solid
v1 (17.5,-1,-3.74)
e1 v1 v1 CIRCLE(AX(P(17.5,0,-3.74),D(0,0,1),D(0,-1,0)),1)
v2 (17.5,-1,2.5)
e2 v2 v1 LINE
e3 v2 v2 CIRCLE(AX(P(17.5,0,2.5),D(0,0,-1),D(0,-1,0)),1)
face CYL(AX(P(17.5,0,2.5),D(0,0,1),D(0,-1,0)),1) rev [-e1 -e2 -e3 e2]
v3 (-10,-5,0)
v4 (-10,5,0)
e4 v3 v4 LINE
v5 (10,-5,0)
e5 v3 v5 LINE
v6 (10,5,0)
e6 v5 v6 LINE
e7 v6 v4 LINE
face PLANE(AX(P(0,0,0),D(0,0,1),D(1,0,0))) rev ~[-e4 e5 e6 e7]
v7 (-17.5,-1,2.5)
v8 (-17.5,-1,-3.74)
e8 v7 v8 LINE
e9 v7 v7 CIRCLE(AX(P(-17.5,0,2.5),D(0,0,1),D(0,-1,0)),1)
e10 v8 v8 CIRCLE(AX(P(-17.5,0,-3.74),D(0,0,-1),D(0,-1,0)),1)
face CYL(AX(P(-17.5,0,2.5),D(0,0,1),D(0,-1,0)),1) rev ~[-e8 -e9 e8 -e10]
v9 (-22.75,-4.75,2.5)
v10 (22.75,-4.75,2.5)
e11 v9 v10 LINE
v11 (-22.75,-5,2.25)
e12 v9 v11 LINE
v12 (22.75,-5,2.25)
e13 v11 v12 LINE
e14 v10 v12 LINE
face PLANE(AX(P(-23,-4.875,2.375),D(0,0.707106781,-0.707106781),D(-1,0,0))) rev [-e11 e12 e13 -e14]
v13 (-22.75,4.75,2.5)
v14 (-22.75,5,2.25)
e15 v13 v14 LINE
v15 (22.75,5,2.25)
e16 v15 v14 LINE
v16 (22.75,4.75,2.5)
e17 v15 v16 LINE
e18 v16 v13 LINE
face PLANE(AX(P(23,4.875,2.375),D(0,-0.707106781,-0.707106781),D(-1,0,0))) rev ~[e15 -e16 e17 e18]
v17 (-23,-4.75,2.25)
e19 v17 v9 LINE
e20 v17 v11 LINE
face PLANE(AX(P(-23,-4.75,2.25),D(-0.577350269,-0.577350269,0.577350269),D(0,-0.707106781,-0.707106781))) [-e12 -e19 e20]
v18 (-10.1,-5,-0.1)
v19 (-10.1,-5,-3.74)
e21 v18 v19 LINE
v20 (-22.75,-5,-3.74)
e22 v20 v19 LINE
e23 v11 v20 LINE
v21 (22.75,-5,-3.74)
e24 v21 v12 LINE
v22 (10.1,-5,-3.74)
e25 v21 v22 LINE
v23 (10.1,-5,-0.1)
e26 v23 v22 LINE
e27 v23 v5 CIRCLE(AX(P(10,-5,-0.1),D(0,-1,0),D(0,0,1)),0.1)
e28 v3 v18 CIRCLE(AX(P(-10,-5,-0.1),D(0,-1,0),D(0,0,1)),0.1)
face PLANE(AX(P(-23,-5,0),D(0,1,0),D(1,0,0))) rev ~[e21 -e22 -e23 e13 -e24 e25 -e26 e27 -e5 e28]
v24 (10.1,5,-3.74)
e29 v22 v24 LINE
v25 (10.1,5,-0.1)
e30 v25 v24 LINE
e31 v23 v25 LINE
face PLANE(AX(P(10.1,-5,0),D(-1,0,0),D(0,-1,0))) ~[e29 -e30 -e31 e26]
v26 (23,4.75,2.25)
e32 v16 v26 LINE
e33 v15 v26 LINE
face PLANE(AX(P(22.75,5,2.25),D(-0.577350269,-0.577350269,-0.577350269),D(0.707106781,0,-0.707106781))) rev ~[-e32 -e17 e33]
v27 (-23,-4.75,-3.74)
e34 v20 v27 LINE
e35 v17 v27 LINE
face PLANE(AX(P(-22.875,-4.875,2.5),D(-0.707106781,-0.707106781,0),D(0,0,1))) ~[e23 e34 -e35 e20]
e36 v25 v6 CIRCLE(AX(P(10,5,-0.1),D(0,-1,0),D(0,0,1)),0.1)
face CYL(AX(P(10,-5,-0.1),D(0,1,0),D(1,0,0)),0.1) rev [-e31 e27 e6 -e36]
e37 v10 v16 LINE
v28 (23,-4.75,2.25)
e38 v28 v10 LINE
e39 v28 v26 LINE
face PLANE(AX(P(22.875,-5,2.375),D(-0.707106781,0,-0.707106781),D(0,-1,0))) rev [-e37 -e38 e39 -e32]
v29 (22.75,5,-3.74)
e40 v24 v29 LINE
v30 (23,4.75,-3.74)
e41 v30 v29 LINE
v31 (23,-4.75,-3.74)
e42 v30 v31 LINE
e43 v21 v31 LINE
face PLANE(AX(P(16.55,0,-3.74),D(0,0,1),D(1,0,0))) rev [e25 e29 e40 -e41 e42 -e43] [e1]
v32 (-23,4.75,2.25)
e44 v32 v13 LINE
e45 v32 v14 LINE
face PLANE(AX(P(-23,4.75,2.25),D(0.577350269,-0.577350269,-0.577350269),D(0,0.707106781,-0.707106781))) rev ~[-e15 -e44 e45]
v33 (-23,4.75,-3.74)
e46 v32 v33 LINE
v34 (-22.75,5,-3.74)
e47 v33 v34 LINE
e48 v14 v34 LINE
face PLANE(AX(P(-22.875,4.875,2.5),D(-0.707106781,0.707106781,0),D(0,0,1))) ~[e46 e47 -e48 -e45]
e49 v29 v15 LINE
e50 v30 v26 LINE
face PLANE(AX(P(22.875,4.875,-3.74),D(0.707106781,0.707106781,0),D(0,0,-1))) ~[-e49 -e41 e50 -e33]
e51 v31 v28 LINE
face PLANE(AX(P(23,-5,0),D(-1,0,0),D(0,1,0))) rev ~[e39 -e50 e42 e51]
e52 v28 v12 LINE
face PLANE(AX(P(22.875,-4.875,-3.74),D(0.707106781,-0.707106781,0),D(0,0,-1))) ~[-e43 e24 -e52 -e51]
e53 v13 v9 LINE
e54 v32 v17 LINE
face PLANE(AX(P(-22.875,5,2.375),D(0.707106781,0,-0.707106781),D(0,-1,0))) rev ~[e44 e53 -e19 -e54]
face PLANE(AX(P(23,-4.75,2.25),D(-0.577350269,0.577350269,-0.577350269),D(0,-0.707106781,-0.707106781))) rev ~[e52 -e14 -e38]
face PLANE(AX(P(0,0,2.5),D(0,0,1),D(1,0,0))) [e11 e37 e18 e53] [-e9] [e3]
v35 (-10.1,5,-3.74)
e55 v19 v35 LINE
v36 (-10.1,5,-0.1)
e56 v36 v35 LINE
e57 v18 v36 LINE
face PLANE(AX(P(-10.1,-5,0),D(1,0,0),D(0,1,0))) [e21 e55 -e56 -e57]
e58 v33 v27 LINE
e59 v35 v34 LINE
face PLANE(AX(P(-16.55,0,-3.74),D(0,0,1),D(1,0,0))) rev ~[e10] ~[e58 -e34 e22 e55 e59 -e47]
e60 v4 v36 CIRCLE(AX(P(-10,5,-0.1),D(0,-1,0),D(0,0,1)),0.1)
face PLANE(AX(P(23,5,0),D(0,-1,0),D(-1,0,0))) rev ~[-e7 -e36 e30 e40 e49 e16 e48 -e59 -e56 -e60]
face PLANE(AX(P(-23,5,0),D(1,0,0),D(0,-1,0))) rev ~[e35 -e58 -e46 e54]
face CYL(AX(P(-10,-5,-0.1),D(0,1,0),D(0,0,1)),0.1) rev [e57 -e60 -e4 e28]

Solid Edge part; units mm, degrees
sketch "Sketch1" plane through (0, 0, 0) normal (0, 0, 1) x (1, 0, 0)
  line L0 (-23, -5) -> (23, -5)
  line L1 (23, -5) -> (23, 5)
  line L2 (23, 5) -> (-23, 5)
  line L3 (-23, 5) -> (-23, -5)
  dimension "D1" = 10
  dimension "D2" = 46
extrude "Protrusion1" add sketch "Sketch1" along normal blind 2.5
sketch "Sketch2" plane through (0, 0, 0) normal (0, 0, -1) x (1, 0, 0)
  line L0 (-23, 5) -> (-10.1, 5)
  line L1 (-10.1, 5) -> (-10.1, -5)
  line L2 (-10.1, -5) -> (-23, -5)
  line L3 (-23, -5) -> (-23, 5)
  dimension "D1" = 10.1
extrude "Base_inferiore" add sketch "Sketch2" along normal blind 3.74
mirror "Mirror1" about plane through (0, 0, 0) normal (1, 0, 0) of "Base_inferiore"
hole "Foro_2" at (17.5, 0, 2.5) direction (0, 0, -1) diameter 2 end up to next
mirror "Mirror2" about plane through (0, 0, 0) normal (1, 0, 0) of "Foro_2"
fillet "Rotondo_1" radius 0.1 2 edges at (-10.1, 0, 0) (10.1, 0, 0)
chamfer "Smusso_1" distance 0.25 angle 45 8 edges at (0, -5, 2.5) (23, 0, 2.5) (0, 5, 2.5) (-23, 0, 2.5) (-23, -5, -0.62) (23, -5, -0.62) (23, 5, -0.62) (-23, 5, -0.62)
properties part number "001"
